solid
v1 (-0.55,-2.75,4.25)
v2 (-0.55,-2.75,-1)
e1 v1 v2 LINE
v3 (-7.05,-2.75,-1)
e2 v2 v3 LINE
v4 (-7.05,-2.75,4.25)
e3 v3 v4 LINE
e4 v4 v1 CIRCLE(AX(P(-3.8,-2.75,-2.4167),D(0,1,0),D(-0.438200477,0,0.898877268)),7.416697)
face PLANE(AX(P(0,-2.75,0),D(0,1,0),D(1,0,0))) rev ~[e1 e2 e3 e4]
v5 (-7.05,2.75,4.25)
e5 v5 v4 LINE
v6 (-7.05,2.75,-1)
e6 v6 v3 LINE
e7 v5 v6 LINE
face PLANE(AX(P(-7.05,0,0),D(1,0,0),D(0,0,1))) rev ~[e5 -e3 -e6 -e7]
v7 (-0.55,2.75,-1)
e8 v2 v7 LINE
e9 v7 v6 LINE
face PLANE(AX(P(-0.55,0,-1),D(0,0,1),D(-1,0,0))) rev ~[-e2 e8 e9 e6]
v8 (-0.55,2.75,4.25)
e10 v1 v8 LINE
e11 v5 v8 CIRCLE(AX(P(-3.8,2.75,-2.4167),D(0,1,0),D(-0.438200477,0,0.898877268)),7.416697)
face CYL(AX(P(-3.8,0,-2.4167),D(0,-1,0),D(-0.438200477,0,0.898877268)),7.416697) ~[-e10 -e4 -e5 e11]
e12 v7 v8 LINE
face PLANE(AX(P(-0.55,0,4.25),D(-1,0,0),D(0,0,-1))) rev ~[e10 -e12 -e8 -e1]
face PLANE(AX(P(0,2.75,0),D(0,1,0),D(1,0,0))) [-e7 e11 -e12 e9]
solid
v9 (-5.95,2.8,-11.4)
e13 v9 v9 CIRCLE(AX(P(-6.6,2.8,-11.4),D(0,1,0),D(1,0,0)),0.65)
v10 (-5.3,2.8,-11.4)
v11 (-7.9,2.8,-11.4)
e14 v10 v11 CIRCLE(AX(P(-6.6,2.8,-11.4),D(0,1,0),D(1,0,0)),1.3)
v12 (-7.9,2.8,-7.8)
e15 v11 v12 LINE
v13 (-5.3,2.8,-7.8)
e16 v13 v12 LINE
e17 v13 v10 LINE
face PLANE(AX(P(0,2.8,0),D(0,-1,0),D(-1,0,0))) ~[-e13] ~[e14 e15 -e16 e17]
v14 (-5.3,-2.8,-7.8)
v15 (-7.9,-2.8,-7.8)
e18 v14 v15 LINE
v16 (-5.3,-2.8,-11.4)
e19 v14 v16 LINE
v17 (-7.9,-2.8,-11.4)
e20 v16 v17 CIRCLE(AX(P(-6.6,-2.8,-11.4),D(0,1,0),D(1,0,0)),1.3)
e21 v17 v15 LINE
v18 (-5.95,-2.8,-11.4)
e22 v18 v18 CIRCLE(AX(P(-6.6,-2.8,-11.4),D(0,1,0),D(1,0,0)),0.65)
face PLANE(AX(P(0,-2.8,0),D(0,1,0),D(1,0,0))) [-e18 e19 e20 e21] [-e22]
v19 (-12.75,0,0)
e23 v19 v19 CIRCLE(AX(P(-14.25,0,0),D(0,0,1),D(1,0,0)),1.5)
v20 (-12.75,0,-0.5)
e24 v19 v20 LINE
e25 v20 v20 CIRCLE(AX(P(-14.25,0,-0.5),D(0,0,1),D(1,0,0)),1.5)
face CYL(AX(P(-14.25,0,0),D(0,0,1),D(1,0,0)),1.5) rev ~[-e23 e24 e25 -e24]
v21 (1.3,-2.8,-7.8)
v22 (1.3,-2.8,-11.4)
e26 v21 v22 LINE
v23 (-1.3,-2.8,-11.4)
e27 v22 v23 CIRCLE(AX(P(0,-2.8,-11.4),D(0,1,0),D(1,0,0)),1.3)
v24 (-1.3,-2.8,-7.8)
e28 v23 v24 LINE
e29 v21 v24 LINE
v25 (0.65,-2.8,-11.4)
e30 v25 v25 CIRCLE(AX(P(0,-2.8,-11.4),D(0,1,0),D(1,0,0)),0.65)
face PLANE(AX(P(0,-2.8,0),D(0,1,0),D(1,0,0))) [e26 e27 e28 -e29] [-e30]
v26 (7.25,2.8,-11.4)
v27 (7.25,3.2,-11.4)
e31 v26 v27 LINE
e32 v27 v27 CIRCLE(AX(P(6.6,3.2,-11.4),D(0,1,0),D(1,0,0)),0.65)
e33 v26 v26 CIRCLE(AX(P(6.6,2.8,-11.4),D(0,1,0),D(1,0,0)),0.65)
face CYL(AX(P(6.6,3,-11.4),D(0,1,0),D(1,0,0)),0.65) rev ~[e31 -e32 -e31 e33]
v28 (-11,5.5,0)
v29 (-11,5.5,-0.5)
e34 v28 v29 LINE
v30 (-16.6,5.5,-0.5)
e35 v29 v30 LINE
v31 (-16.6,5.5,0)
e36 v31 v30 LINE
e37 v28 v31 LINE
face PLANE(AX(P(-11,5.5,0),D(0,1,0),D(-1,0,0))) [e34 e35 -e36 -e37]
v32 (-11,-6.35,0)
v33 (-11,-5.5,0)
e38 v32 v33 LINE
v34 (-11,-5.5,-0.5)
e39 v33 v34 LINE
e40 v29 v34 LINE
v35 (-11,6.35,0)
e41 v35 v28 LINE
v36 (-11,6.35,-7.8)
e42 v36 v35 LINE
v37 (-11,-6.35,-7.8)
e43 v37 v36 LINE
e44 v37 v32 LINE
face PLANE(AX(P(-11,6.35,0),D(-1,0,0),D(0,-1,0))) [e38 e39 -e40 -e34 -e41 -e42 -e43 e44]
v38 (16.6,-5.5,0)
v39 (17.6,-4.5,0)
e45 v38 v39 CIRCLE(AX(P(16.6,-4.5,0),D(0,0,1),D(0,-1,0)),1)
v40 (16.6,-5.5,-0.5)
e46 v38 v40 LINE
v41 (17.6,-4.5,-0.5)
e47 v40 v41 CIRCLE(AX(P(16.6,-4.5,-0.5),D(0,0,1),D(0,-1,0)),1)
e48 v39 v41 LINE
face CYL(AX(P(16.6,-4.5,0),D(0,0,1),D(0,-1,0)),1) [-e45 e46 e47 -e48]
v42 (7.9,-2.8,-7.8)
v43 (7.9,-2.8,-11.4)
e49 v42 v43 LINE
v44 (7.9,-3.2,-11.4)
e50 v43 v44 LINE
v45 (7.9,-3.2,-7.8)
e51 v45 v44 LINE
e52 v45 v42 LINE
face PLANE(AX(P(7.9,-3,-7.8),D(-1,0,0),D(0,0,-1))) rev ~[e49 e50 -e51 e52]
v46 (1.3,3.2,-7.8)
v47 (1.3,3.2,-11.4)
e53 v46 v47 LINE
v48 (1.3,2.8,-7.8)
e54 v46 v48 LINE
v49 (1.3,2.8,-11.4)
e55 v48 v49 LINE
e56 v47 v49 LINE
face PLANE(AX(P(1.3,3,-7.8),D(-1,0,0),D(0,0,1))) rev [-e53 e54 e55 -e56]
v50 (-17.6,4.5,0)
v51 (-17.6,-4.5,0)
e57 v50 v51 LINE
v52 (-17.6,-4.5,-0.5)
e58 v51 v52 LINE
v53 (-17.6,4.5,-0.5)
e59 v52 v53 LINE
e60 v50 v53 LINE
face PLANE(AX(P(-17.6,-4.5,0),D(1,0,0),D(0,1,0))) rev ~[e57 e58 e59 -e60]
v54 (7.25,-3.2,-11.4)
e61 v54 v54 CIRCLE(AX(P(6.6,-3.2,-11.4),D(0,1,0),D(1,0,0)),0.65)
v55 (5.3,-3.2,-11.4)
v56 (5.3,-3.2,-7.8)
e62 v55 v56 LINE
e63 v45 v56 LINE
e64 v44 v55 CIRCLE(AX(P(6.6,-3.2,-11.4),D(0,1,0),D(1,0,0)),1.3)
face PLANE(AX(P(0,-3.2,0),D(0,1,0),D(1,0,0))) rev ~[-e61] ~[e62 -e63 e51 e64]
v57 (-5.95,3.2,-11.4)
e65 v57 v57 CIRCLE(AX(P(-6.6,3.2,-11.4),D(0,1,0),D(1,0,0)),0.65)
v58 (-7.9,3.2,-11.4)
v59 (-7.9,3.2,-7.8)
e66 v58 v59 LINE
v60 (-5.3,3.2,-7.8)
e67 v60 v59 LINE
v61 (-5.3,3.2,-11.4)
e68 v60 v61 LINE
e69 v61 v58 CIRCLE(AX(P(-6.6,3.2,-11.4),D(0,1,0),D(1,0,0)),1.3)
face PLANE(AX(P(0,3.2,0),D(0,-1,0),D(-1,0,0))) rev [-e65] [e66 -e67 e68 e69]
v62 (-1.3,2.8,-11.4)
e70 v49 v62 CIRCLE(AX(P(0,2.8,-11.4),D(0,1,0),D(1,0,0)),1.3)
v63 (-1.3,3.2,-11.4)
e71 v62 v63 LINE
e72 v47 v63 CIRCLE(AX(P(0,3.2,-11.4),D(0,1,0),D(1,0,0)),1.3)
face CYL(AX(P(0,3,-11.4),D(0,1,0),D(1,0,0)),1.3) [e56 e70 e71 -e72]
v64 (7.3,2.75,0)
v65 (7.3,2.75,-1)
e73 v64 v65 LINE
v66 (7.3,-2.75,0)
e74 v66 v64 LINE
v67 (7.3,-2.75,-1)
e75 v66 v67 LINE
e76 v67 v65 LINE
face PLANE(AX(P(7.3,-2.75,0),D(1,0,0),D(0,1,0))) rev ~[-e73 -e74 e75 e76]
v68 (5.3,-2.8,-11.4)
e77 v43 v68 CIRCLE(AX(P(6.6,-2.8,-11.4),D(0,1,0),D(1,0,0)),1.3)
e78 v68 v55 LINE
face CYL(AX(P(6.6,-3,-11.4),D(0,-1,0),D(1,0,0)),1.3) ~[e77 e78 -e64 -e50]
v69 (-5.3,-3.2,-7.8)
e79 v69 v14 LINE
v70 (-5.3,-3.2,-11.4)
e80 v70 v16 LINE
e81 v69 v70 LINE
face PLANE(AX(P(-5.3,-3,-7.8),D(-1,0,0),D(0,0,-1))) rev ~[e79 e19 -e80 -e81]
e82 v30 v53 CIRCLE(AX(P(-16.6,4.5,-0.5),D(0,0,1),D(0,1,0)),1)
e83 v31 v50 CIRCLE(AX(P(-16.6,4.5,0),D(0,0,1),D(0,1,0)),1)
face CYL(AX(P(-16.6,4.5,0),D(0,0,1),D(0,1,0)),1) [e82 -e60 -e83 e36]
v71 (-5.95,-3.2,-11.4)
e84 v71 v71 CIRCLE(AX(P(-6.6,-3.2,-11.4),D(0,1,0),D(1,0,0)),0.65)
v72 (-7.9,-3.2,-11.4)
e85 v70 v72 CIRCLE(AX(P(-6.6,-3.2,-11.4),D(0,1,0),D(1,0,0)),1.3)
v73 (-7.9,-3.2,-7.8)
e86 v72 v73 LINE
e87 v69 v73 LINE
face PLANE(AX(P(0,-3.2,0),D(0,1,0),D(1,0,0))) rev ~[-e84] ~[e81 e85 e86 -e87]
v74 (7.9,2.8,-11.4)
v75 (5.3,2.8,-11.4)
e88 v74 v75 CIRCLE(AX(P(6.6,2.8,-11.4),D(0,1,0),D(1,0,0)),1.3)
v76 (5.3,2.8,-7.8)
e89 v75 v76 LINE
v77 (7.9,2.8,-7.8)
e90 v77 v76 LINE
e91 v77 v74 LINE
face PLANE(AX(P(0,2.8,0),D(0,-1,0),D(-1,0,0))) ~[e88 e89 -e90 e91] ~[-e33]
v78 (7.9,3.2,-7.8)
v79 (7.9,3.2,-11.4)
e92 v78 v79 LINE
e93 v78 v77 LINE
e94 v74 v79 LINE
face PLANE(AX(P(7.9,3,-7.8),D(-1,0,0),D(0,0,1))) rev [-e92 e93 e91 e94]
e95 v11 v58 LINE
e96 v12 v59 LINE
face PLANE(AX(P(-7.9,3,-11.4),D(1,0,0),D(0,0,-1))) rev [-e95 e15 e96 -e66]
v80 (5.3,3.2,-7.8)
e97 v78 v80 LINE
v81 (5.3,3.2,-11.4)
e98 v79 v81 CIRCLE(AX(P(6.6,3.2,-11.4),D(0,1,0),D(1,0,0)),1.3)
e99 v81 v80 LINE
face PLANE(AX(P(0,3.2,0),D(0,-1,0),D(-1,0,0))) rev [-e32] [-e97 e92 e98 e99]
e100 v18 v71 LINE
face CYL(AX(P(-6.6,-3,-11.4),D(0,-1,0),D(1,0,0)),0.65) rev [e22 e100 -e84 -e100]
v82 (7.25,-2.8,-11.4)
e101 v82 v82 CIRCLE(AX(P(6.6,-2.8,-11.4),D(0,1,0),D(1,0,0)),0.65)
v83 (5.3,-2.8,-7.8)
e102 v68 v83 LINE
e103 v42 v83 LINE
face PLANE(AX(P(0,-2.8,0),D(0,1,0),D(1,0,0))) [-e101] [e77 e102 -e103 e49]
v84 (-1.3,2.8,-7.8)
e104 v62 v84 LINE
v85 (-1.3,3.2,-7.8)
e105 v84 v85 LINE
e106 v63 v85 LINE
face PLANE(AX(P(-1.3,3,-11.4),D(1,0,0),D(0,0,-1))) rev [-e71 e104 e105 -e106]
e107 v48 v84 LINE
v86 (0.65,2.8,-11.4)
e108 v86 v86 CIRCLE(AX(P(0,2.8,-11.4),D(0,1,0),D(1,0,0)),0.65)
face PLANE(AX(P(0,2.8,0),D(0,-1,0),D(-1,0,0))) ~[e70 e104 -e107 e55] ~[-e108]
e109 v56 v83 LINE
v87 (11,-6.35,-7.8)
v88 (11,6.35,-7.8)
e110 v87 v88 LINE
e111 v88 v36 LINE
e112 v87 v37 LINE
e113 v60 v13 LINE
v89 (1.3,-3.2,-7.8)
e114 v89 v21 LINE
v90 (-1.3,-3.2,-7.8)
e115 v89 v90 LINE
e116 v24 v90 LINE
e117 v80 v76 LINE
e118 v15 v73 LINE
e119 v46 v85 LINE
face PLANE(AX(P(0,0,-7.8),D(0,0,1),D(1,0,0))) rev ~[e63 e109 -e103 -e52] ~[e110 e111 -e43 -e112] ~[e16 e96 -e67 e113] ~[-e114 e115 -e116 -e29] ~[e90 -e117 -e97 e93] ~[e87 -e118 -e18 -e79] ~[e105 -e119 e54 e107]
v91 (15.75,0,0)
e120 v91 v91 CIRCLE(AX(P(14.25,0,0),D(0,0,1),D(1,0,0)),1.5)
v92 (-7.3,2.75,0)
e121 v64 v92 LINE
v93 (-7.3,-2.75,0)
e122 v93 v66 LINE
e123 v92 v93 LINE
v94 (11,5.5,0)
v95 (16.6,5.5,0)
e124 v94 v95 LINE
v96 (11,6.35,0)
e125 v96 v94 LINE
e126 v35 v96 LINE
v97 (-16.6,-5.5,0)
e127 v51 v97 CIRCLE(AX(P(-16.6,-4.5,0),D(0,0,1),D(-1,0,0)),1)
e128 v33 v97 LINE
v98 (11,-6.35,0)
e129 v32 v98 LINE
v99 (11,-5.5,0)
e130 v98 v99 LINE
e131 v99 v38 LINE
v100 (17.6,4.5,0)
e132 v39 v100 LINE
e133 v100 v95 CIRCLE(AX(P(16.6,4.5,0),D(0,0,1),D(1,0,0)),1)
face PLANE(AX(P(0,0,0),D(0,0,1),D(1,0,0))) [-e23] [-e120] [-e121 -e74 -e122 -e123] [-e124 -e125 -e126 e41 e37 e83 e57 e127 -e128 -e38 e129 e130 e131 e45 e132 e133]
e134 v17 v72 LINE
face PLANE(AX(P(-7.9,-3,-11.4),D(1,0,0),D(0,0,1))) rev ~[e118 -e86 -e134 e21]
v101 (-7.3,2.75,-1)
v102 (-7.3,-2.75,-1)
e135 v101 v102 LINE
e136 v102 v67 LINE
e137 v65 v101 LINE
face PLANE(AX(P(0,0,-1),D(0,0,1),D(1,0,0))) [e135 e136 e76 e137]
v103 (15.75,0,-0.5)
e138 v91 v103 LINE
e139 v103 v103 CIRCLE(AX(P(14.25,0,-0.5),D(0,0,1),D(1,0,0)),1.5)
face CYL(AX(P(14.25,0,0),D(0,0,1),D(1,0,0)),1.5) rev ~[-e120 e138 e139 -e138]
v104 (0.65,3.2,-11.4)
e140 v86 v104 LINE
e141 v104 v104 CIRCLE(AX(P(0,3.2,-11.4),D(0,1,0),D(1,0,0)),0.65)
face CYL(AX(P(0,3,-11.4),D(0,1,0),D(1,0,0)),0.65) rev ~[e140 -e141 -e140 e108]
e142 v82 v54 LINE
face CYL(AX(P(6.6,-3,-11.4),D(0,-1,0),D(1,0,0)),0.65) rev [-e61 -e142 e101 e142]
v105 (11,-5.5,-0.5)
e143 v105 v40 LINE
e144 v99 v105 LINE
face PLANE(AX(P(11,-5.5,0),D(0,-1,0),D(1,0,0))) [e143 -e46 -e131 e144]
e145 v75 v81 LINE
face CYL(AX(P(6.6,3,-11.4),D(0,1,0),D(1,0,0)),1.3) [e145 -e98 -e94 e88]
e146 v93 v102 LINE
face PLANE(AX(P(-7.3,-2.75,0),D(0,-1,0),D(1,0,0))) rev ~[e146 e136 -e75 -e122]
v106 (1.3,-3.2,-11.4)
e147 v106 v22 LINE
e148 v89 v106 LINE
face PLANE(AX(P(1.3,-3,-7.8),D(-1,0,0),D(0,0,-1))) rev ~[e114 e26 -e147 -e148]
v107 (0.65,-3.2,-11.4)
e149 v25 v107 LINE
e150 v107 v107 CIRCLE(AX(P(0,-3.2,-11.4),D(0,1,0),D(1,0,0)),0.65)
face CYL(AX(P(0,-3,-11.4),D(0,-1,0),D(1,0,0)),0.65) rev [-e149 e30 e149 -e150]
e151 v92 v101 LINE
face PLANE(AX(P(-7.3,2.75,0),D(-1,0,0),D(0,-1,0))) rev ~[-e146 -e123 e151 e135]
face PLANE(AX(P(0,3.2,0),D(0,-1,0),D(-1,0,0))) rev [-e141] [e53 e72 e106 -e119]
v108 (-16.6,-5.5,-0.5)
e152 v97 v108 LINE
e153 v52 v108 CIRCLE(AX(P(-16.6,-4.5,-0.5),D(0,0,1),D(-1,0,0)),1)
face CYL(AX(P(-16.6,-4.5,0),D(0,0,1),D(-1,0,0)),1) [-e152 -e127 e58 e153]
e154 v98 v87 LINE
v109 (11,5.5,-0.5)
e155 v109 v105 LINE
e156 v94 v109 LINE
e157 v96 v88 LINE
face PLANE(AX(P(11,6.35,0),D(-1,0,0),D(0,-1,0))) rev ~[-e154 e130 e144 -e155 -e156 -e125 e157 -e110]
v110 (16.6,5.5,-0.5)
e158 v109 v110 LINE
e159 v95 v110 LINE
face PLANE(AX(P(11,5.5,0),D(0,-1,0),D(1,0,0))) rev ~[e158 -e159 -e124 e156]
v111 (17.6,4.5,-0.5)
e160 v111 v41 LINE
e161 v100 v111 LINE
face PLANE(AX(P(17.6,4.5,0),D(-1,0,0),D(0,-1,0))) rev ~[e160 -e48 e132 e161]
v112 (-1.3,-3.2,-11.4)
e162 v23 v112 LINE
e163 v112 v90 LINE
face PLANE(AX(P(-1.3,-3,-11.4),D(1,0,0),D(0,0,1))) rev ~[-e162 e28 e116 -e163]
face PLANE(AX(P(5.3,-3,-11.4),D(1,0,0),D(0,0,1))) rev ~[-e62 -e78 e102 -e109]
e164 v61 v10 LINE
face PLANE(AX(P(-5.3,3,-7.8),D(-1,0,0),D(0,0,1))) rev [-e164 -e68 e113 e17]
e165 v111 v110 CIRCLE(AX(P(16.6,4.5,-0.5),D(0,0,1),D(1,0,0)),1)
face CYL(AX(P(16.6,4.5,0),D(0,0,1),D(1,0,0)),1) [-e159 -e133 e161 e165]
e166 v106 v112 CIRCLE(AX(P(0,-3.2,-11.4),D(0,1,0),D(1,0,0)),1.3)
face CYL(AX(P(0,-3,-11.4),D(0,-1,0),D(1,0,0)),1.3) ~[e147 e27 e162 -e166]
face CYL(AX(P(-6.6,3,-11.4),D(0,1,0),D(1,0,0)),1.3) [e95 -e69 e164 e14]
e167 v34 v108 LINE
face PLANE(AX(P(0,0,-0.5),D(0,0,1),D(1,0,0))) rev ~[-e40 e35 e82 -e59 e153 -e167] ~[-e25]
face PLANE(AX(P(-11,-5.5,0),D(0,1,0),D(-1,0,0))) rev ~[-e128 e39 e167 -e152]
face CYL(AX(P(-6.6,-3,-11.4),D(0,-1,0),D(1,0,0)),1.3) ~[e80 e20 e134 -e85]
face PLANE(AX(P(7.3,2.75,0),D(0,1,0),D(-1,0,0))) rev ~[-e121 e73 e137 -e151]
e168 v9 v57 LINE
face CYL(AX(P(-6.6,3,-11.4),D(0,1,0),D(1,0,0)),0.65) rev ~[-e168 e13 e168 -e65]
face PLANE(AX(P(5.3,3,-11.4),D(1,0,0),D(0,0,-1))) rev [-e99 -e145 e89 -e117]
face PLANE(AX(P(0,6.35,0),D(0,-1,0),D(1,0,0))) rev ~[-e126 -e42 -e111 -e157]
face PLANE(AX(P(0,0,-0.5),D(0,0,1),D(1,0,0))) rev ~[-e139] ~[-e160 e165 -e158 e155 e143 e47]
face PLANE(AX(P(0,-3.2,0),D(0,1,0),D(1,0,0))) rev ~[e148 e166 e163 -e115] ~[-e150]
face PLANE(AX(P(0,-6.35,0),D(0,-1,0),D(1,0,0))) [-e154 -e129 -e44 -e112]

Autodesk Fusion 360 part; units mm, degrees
sketch "Sketch1" plane through (0, 0, 0) normal (0, 0, 1) x (1, 0, 0) in component "Metal"
  line L0 (0, 6.35) -> (11, 6.35)
  line L1 (11, 6.35) -> (11, 5.5)
  line L2 (11, 5.5) -> (16.6, 5.5)
  line L3 (17.6, 4.5) -> (17.6, 0)
  line L4 (0, 0) -> (0, 6.35) construction
  line L5 (17.6, 0) -> (0, 0) construction
  arc A0 (17.6, 4.5) -> (16.6, 5.5) centre (16.6, 4.5) ccw
  line L6 (0, -6.35) -> (11, -6.35)
  line L7 (11, -6.35) -> (11, -5.5)
  line L8 (11, -5.5) -> (16.6, -5.5)
  arc A1 (16.6, -5.5) -> (17.6, -4.5) centre (16.6, -4.5) ccw
  line L9 (17.6, -4.5) -> (17.6, 0)
  line L10 (0, 6.35) -> (-11, 6.35)
  line L11 (-11, 6.35) -> (-11, 5.5)
  line L12 (-11, 5.5) -> (-16.6, 5.5)
  arc A2 (-16.6, 5.5) -> (-17.6, 4.5) centre (-16.6, 4.5) ccw
  line L13 (-17.6, 4.5) -> (-17.6, 0)
  line L14 (0, -6.35) -> (-11, -6.35)
  line L15 (-11, -6.35) -> (-11, -5.5)
  line L16 (-11, -5.5) -> (-16.6, -5.5)
  arc A3 (-17.6, -4.5) -> (-16.6, -5.5) centre (-16.6, -4.5) ccw
  line L17 (-17.6, -4.5) -> (-17.6, 0)
  line L18 (7.3, 2.75) -> (-7.3, 2.75)
  line L19 (-7.3, 2.75) -> (-7.3, -2.75)
  line L20 (-7.3, -2.75) -> (7.3, -2.75)
  line L21 (7.3, -2.75) -> (7.3, 2.75)
  line L22 (7.3, 2.75) -> (-7.3, -2.75) construction
  line L23 (-7.3, 2.75) -> (7.3, -2.75) construction
  circle A4 centre (14.25, 0) radius 1.5
  circle A5 centre (-14.25, 0) radius 1.5
  line L24 (11, 5.5) -> (11, -5.5)
  line L25 (-11, 5.5) -> (-11, -5.5)
  point P0 (17.6, 5.5)
  dimension "d1" = 5.5
  dimension "d2" = 6.35
  dimension "d3" = 11
  dimension "d4" = 17.6
  dimension "d5" = 1
  dimension "d6" = 14.6
  dimension "d7" = 5.5
  dimension "d8" = 3
  dimension "d9" = 14.25
extrude "Extrude1" add sketch "Sketch1" against normal blind 0.5 makes body 1 in component "Metal"
extrude "Extrude2" add sketch "Sketch1" against normal blind 7.8 contours L0 L1 L6 L7 L10 L11 L14 L15 L24 L25 | L18 L19 L20 L21 bodies 1 in component "Metal"
ref_plane "WorkPlane1" through (0, -3, 0) normal (0, 1, 0) x (0, 0, 1) in component "Metal"
sketch "Sketch2" plane through (0, -3, 0) normal (0, 1, 0) x (1, 0, 0) in component "Metal"
  line L0 (1.3, 7.8) -> (1.3, 11.4)
  arc A0 (1.3, 11.4) -> (-1.3, 11.4) centre (0, 11.4) ccw
  line L1 (-1.3, 11.4) -> (-1.3, 7.8)
  arc A1 (-1.3, 7.8) -> (1.3, 7.8) centre (0, 7.8) ccw
  line L2 (0, 7.8) -> (0, 11.4) construction
  line L3 (11, 7.8) -> (-11, 7.8)
  circle A2 centre (0, 11.4) radius 0.65
  circle A3 centre (-6.6, 11.4) radius 0.65
  line L4 (-6.6, 7.8) -> (-6.6, 11.4) construction
  arc A4 (-5.3, 11.4) -> (-7.9, 11.4) centre (-6.6, 11.4) ccw
  line L5 (-5.3, 7.8) -> (-5.3, 11.4)
  line L6 (-7.9, 11.4) -> (-7.9, 7.8)
  circle A5 centre (6.6, 11.4) radius 0.65
  line L7 (6.6, 7.8) -> (6.6, 11.4) construction
  arc A6 (7.9, 11.4) -> (5.3, 11.4) centre (6.6, 11.4) ccw
  line L8 (7.9, 7.8) -> (7.9, 11.4)
  line L9 (5.3, 11.4) -> (5.3, 7.8)
  dimension "d15" = 1.3
  dimension "d16" = 12.7
  dimension "d17" = 1.3
  dimension "d20" = 6.6
  dimension "d21" = 0
extrude "Extrude3" add sketch "Sketch2" along normal mid plane 0.4 contours L0 A0 L1 L3 | L3 A4 L5 L6 | L3 A6 L8 L9 bodies 1 in component "Metal"
mirror "Mirror1" about plane through (0, 0, 0) normal (0, 1, 0) of "Extrude3" in component "Metal"
extrude "Extrude4" cut sketch "Sketch1" against normal blind 1 contours L18 L19 L20 L21 bodies 1 in component "Metal"
sketch "Sketch1 (2)" plane through (0, 0, 0) normal (0, 1, 0) x (1, 0, 0) in component "Switch"
  line L0 (-7.05, -4.25) -> (-0.55, -4.25) construction
  line L1 (-0.55, -4.25) -> (-0.55, 1)
  line L2 (-0.55, 1) -> (-7.05, 1)
  line L3 (-7.05, 1) -> (-7.05, -4.25)
  arc A0 (-7.05, -4.25) -> (-0.55, -4.25) centre (-3.8, 2.4167) ccw
  line L4 (-11, 0) -> (11, 0)
  line L5 (7.3, 1) -> (-7.3, 1)
  dimension "d28" = 5
  dimension "d29" = 0.25
  dimension "d30" = 4.25
  dimension "d31" = 6.5
extrude "Extrude1'" add sketch "Sketch1 (2)" along normal mid plane 5.5 separate body makes body 2 in component "Switch"
component "Metal" placed x (1, 0, 0) y (0, 1, 0) z (0, 0, 1) at (0, 0, 0)
component "Switch" placed x (1, 0, 0) y (0, 1, 0) z (0, 0, 1) at (0, 0, 0)
equation "d1 = ( 11 / 2 ) * 1 mm"
equation "d2 = ( 12.7 / 2 ) * 1 mm"
equation "d4 = ( 35.2 / 2 ) * 1 mm"
equation "d6 = 6.5 mm + 2.7 mm + 2.7 mm + 2.7 mm"
equation "d9 = ( 28.5 / 2 ) * 1 mm"
equation "d15 = 2.6 mm / 2"
equation "d30 = d28 - 0.75 mm"
